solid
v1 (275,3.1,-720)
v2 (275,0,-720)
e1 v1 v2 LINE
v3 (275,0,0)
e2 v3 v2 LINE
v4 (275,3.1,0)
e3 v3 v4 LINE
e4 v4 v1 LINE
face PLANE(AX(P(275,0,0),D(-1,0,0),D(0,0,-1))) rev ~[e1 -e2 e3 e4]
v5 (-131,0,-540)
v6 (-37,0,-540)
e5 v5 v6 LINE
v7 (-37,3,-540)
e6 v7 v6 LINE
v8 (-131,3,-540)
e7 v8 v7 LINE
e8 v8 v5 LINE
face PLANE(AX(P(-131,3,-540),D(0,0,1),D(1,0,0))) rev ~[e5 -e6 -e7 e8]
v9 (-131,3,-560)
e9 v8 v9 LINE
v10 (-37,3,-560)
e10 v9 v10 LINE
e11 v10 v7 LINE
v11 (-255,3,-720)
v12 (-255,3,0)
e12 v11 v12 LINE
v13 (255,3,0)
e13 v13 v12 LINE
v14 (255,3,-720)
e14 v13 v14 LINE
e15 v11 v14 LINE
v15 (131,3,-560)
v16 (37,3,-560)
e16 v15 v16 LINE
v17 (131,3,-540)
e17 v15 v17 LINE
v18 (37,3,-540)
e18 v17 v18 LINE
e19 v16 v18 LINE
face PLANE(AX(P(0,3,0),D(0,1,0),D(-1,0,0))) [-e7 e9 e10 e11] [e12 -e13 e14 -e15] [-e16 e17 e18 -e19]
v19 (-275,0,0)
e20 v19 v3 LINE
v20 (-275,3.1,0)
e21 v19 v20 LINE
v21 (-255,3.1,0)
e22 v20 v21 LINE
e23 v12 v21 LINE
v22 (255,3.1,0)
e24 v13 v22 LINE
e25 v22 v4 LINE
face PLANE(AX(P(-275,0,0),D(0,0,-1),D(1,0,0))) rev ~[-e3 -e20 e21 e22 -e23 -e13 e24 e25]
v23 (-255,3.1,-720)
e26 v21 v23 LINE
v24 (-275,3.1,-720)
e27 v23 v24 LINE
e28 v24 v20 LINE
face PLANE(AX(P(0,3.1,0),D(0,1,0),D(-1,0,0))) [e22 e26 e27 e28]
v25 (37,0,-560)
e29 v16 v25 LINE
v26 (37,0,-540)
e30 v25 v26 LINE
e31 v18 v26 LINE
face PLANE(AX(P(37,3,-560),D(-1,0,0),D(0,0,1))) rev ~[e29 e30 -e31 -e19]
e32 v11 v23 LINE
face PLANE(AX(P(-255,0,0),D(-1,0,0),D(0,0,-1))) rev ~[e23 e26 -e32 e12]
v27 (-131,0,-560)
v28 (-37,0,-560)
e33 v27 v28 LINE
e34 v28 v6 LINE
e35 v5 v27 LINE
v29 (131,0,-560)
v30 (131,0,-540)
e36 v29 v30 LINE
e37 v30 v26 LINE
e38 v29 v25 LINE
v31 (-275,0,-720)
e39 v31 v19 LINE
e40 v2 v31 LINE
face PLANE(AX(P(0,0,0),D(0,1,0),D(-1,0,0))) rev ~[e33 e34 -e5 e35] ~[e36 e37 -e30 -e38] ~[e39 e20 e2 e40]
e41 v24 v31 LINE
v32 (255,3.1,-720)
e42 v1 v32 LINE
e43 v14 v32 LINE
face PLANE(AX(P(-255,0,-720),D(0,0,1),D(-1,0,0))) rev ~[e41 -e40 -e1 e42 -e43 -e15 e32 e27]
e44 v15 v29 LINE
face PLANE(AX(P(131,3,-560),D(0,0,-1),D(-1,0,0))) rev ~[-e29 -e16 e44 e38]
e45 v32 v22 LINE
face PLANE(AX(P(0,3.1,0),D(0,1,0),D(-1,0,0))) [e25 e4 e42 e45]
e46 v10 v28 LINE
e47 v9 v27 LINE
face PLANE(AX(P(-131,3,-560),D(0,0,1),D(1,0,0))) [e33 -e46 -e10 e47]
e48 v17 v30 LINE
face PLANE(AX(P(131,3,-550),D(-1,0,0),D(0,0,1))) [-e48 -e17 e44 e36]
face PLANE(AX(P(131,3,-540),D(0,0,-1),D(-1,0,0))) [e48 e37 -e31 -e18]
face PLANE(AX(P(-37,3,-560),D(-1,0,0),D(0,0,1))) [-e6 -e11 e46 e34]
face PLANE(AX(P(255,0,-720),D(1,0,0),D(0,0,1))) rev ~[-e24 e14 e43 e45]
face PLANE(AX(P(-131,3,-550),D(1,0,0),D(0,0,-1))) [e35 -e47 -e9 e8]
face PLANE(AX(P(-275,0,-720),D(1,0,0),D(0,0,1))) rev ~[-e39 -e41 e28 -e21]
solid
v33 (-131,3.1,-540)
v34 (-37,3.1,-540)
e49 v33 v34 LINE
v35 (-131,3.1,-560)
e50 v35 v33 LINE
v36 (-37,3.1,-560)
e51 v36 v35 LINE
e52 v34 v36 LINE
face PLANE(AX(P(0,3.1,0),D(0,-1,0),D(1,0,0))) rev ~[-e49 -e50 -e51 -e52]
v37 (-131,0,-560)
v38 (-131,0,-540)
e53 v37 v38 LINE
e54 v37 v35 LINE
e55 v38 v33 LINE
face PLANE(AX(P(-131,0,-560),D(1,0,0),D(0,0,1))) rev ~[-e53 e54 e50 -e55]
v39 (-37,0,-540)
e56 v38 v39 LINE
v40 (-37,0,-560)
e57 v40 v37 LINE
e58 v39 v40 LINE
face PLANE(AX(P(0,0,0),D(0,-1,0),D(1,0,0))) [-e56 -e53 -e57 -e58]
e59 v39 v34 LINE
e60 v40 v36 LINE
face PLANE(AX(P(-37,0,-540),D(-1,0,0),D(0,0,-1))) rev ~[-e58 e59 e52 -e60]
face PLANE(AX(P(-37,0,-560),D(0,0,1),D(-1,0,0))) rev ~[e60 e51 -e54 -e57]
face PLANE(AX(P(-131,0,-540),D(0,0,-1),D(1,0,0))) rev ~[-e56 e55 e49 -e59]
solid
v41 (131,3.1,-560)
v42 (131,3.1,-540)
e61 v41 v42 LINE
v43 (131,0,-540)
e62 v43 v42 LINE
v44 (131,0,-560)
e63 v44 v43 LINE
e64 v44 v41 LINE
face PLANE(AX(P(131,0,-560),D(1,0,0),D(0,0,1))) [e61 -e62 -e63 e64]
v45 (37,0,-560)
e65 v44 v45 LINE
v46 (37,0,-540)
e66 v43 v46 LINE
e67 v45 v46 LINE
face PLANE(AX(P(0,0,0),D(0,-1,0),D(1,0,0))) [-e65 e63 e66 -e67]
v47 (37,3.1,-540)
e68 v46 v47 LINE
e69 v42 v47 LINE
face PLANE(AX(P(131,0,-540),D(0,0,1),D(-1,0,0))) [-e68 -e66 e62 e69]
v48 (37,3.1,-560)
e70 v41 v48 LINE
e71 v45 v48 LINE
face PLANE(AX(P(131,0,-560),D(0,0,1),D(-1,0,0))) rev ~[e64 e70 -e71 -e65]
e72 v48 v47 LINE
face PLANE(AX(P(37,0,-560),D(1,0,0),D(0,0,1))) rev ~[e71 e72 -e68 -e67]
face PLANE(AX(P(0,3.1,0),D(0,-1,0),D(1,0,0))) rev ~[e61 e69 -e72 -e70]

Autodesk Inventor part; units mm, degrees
ref_plane "YZ Plane" through (0, 0, 0) normal (1, 0, 0) x (0, 1, 0)
ref_plane "XZ Plane" through (0, 0, 0) normal (0, 1, 0) x (-1, 0, 0)
ref_plane "XY Plane" through (0, 0, 0) normal (0, 0, 1) x (1, 0, 0)
sketch "Sketch1" plane through (0, 0, 0) normal (0, 1, 0) x (-1, 0, 0)
  line L0 (275, 0) -> (-275, 0)
  line L1 (-275, 0) -> (-275, -720)
  line L2 (-275, -720) -> (275, -720)
  line L3 (275, -720) -> (275, 0)
  line L4 (255, 0) -> (255, -720)
  line L5 (-255, -720) -> (-255, 0)
  point P0 (0, 0)
  point P1 (0, 0)
  dimension "d0" = 550
  dimension "d1" = 720
  dimension "d4" = 20
  dimension "d5" = 20
extrude "Extrusion1" add sketch "Sketch1" along normal blind 3
extrude "Extrusion2" add sketch "Sketch1" along normal blind 3.1 contours L3 L2 L4 L0 | L5 L2 L1 L0
sketch "Sketch2" plane through (0, 3, 0) normal (0, 1, 0) x (1, 0, 0)
  line L0 (-275, 0) -> (275, 0) projected
  line L1 (-275, 0) -> (-275, 550)
  line L2 (-275, 720) -> (-275, 0) projected
  line L3 (-275, 550) -> (-131, 550)
  line L4 (-131, 550) -> (-131, 540)
  line L5 (-131, 550) -> (-131, 560)
  line L6 (-131, 540) -> (-37, 540)
  line L7 (-131, 560) -> (-37, 560)
  line L8 (-37, 560) -> (-37, 540)
  line L9 (0, 0) -> (0, 720)
  line L10 (275, 550) -> (131, 550)
  line L11 (131, 550) -> (131, 540)
  line L12 (131, 550) -> (131, 560)
  line L13 (131, 540) -> (37, 540)
  line L14 (131, 560) -> (37, 560)
  line L15 (37, 560) -> (37, 540)
  dimension "d8" = 550
  dimension "d9" = 144
  dimension "d10" = 10
  dimension "d11" = 10
  dimension "d12" = 94
sketch "Sketch4" plane through (0, 0, 0) normal (0, -1, 0) x (1, 0, 0)
  line L0 (-131, -540) -> (-37, -540) projected
  line L1 (131, -540) -> (37, -540) projected
  line L2 (37, -560) -> (37, -540) projected
  line L3 (131, -560) -> (37, -560) projected
  line L4 (131, -560) -> (131, -540)
  line L5 (131, -560) -> (37, -560)
  line L6 (37, -540) -> (131, -540)
  line L7 (37, -540) -> (37, -560)
  line L8 (-37, -540) -> (-37, -560)
  line L9 (-37, -560) -> (-131, -560)
  line L10 (-131, -560) -> (-131, -540)
  line L11 (-37, -540) -> (-131, -540)
  point P0 (0, 0)
extrude "Extrusion5" cut sketch "Sketch2" against normal through all
extrude "Extrusion6" add sketch "Sketch4" against normal blind 3.1 separate body
equation "\"d0\" = track_width"
equation "\"d4\" = curb_width"
equation "\"d5\" = curb_width"
equation "\"d2\" = track_height"
equation "\"d6\" = track_height + curb_height"
equation "\"track_width\" = 550"
equation "\"curb_width\" = 20"
equation "\"track_height\" = 3"
equation "\"curb_height\" = 0.1"
properties part number "finish"
